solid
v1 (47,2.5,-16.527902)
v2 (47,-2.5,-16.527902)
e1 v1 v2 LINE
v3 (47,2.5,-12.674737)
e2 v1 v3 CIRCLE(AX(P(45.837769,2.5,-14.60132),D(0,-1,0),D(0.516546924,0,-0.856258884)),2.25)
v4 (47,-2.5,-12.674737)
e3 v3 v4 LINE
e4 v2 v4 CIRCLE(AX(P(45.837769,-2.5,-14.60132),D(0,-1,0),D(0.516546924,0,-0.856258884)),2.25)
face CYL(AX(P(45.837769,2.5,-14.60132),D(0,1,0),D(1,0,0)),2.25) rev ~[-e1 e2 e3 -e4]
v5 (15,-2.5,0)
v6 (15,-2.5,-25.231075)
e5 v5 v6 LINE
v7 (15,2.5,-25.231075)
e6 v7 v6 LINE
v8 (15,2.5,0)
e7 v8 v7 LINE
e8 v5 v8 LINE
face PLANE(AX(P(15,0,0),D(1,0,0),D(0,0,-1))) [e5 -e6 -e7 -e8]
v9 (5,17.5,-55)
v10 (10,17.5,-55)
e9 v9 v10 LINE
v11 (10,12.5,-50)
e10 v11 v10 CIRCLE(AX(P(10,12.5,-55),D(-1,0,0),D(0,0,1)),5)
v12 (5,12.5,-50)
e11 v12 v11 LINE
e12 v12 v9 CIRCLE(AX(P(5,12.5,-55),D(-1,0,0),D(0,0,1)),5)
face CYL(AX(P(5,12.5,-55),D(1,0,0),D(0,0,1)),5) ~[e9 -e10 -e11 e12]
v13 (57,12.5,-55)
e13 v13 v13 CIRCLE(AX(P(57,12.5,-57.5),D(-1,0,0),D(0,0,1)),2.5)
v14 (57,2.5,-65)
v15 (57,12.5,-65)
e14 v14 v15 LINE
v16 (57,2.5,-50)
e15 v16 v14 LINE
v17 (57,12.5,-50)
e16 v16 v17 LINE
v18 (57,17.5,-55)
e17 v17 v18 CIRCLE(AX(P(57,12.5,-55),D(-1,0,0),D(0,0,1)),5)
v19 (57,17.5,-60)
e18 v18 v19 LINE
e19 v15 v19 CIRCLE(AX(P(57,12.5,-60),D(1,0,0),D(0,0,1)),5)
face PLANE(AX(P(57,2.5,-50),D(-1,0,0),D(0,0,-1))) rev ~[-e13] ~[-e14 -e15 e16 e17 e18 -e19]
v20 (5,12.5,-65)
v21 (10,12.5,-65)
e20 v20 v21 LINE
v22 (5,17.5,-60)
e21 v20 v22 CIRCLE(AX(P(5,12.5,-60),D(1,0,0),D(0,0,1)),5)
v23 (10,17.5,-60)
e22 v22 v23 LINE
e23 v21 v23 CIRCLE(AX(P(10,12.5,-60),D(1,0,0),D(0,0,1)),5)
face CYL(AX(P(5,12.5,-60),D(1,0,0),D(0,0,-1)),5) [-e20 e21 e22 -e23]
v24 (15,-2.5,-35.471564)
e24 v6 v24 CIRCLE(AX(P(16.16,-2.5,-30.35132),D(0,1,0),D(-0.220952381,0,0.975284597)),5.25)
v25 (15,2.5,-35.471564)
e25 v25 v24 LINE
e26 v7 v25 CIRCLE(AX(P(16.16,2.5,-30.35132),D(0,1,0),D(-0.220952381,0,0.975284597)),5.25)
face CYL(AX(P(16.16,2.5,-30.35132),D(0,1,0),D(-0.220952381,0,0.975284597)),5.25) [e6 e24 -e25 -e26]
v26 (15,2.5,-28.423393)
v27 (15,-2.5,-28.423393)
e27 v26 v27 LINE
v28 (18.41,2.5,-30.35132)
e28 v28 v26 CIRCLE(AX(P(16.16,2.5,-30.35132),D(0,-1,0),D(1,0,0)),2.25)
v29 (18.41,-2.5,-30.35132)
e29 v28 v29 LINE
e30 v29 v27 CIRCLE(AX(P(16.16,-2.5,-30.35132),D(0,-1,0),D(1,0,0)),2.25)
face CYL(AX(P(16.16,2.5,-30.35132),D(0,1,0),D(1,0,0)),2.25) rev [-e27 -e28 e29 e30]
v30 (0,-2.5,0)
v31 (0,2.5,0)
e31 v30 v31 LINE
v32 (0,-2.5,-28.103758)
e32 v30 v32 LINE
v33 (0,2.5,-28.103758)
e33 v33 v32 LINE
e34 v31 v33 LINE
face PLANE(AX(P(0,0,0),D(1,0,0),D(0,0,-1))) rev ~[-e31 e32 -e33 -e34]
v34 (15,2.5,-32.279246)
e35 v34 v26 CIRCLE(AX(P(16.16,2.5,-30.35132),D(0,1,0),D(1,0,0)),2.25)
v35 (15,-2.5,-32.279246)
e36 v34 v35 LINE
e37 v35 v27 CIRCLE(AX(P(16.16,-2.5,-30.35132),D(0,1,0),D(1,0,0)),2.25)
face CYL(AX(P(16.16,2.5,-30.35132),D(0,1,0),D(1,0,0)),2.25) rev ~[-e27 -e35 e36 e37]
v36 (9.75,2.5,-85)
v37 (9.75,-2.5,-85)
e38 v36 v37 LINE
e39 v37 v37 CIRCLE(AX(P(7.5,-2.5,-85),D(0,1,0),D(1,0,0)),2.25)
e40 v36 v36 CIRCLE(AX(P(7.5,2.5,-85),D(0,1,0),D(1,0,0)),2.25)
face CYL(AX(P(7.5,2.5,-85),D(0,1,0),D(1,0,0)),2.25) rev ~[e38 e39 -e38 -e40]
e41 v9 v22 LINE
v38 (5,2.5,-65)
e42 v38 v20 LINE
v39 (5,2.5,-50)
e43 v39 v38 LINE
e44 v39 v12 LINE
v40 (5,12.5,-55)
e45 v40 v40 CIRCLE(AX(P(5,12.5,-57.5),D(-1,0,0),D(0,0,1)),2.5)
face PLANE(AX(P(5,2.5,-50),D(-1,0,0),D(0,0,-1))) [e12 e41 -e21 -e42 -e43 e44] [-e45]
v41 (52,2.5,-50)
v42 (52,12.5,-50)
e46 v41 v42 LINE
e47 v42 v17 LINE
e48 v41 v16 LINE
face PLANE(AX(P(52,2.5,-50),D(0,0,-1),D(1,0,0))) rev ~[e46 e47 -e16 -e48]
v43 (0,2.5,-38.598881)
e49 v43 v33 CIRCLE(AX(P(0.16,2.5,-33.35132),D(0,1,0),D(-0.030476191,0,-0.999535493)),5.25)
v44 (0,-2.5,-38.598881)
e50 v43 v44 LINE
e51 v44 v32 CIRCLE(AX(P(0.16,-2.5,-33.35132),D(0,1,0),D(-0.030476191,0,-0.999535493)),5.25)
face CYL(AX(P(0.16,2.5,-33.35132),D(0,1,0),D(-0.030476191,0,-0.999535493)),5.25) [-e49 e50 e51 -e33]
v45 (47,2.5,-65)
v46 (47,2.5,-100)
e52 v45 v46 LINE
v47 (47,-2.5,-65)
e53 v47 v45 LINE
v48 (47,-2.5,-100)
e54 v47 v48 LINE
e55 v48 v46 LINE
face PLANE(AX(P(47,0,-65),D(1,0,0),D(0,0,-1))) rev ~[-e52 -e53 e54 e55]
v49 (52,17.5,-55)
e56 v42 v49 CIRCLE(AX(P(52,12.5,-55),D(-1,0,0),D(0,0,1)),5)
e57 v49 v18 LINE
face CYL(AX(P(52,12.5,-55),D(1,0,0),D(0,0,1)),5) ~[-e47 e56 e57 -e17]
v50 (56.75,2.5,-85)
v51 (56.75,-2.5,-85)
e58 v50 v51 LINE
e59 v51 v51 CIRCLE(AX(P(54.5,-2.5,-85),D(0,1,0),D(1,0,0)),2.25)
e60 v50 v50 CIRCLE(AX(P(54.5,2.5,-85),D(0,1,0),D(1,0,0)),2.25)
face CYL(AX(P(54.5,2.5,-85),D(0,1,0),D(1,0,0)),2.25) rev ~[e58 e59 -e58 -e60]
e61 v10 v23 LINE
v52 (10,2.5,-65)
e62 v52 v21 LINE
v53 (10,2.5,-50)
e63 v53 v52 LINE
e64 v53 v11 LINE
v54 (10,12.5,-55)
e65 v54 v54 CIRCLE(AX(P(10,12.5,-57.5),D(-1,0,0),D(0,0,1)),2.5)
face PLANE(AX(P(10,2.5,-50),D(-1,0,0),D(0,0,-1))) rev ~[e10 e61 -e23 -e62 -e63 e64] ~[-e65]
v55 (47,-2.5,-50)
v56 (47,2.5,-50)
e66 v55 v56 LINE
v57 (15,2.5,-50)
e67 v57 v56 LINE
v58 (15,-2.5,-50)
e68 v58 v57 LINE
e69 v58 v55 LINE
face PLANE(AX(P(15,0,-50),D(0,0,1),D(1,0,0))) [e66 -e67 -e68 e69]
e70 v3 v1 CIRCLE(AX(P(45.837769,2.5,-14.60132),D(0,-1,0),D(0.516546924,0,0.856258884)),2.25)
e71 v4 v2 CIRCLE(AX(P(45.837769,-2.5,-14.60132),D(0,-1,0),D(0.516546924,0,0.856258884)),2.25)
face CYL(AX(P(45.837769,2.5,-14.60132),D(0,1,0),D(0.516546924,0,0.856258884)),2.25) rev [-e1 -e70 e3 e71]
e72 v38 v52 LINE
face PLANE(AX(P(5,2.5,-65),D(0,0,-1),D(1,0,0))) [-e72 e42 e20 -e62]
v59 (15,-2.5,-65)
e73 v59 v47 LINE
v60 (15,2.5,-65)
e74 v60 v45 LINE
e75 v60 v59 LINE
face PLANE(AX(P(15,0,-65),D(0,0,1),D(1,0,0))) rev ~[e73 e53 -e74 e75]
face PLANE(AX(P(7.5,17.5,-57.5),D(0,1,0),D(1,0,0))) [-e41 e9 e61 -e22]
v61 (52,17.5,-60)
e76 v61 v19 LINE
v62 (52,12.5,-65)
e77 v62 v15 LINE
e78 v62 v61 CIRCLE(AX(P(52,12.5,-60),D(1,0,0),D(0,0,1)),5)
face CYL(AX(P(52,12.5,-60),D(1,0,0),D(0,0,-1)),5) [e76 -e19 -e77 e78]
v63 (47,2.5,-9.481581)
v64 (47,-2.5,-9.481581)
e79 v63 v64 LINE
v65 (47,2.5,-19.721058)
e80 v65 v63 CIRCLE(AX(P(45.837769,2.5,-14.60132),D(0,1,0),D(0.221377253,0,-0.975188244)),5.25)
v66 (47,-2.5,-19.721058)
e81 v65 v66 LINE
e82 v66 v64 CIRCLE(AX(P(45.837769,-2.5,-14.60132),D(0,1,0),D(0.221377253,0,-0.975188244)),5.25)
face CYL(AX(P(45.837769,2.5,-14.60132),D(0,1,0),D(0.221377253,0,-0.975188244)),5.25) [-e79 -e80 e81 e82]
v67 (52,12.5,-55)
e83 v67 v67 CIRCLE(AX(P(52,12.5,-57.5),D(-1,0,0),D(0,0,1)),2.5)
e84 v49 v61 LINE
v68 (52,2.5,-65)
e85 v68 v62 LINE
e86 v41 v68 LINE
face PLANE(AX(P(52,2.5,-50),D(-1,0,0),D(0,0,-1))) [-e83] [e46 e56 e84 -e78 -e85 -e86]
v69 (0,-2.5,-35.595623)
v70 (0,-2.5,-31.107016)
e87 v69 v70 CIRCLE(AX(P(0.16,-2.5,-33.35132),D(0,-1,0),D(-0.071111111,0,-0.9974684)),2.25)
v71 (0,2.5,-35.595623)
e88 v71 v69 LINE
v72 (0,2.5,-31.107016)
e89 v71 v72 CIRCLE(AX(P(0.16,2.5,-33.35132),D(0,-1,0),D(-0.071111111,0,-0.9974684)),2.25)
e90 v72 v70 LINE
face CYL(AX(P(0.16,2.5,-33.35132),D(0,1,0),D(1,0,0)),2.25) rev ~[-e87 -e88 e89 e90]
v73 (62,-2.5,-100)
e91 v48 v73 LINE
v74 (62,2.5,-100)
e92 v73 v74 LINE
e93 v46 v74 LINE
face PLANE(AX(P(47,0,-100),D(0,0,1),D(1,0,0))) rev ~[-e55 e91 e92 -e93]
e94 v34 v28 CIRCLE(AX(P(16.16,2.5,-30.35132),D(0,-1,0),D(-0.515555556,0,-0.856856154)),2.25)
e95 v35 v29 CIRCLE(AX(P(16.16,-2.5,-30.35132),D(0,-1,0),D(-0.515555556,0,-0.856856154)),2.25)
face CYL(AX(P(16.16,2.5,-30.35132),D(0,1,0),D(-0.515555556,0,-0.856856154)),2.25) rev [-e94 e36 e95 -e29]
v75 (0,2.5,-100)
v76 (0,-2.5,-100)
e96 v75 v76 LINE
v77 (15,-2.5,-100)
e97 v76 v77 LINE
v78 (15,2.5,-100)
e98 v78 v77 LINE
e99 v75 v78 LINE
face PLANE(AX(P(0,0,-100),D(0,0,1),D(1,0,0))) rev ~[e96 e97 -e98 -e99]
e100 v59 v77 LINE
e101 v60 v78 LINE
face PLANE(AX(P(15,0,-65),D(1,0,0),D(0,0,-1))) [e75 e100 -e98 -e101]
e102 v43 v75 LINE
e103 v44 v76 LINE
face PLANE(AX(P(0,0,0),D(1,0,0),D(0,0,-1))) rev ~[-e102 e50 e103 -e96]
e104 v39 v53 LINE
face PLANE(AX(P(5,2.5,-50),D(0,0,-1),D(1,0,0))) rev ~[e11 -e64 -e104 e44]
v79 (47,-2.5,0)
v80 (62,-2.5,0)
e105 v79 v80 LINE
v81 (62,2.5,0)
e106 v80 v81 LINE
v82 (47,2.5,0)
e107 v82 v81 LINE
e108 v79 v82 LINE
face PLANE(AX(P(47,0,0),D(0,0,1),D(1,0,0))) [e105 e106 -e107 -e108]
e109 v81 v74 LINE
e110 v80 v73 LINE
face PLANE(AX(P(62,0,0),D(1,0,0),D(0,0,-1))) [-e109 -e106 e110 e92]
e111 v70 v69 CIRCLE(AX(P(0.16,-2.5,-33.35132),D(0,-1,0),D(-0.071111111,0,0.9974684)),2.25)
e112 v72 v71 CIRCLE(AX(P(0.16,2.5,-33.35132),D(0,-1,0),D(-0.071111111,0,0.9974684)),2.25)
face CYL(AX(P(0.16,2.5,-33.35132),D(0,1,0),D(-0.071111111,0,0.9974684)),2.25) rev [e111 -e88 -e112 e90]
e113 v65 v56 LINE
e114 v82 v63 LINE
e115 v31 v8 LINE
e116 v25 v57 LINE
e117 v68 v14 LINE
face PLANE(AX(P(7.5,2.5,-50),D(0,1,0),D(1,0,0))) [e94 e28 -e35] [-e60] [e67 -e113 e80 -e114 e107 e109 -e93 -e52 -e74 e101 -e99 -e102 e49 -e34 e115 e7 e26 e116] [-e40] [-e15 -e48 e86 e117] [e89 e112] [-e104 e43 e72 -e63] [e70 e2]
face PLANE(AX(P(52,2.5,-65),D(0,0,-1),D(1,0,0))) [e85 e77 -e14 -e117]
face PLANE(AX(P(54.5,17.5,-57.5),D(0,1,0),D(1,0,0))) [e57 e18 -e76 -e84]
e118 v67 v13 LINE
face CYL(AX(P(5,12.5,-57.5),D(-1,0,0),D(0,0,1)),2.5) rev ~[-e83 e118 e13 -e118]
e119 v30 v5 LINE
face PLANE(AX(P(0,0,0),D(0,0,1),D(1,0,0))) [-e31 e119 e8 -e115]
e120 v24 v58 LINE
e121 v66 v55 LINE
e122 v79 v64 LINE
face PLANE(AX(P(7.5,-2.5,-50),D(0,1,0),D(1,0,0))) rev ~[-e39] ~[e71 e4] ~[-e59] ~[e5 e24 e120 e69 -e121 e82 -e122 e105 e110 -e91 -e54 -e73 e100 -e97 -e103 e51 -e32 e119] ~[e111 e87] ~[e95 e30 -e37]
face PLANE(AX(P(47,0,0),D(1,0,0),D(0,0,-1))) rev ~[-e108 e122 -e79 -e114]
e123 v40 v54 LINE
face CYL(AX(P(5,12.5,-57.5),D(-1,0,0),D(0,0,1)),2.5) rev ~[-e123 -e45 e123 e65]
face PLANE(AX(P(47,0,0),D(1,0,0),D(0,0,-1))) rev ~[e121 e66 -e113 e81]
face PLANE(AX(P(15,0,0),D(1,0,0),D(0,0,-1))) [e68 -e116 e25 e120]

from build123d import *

# Parameters (mm, degrees)
SKETCH1_W           = 15
SKETCH1_H           = 100
SKETCH1_W_2         = 32
SKETCH1_H_2         = 15
BOSS_EXTRUDE1_DEPTH = 2.5
SKETCH2_W           = 5
SKETCH2_H           = 15
BOSS_EXTRUDE2_DEPTH = 15
SKETCH3_R           = 2.5
CUT_EXTRUDE1_DEPTH  = 52
FILLET2_R           = 5
BOSS_EXTRUDE3_DEPTH = 5
SKETCH5_R           = 2.25
CUT_EXTRUDE3_DEPTH  = 5
SKETCH6_R           = 2.25
CUT_EXTRUDE4_DEPTH  = 5


with BuildPart() as part:
    # Sketch1 → Boss-Extrude1 (new body, symmetric)
    with BuildSketch(Plane(origin=(0, 0, 0), x_dir=(1, 0, 0), z_dir=(0, 1, 0))):
        with Locations((7.5, 50)):
            Rectangle(SKETCH1_W, SKETCH1_H)
        with Locations((31, 57.5)):
            Rectangle(SKETCH1_W_2, SKETCH1_H_2)
        with Locations((54.5, 50)):
            Rectangle(SKETCH1_W, SKETCH1_H)
    extrude(amount=BOSS_EXTRUDE1_DEPTH, both=True)

    # Sketch2 → Boss-Extrude2 (add)
    with BuildSketch(Plane(origin=(0, 2.5, 0), x_dir=(1, 0, 0), z_dir=(0, 1, 0))):
        with Locations((54.5, 57.5)):
            Rectangle(SKETCH2_W, SKETCH2_H)
        with Locations((7.5, 57.5)):
            Rectangle(SKETCH2_W, SKETCH2_H)
    extrude(amount=BOSS_EXTRUDE2_DEPTH)

    # Sketch3 → Cut-Extrude1 (cut)
    with BuildSketch(Plane.ZY.offset(-5)):
        with Locations((-57.5, 12.5)):
            Circle(SKETCH3_R)
    extrude(amount=-CUT_EXTRUDE1_DEPTH, mode=Mode.SUBTRACT)

    # Fillet2
    fillet2_edges = [part.edges().sort_by_distance(p)[0] for p in [
        (54.5, 17.5, -65),
        (54.5, 17.5, -50),
        (7.5, 17.5, -65),
        (7.5, 17.5, -50),
    ]]
    fillet(fillet2_edges, radius=FILLET2_R)

    # Sketch4 → Boss-Extrude3 (add)
    with BuildSketch(Plane(origin=(0, 2.5, 0), x_dir=(1, 0, 0), z_dir=(0, 1, 0))):
        with BuildLine():
            ThreePointArc((47, 12.674737063), (43.587769422, 14.601319551), (47, 16.527902039))
            Line((47, 16.527902039), (47, 19.721057834))
            ThreePointArc((47, 19.721057834), (40.587769422, 14.601319551), (47, 9.481581269))
            Line((47, 9.481581269), (47, 12.674737063))
        make_face()
        with BuildLine():
            ThreePointArc((15, 25.231075416), (21.41, 30.351319551), (15, 35.471563686))
            Line((15, 35.471563686), (15, 32.279245898))
            ThreePointArc((15, 32.279245898), (17.26736173, 32.30995428), (18.41, 30.351319551))
            ThreePointArc((18.41, 30.351319551), (17.26736173, 28.392684823), (15, 28.423393204))
            Line((15, 28.423393204), (15, 25.231075416))
        make_face()
        with BuildLine():
            Line((0, 35.595623452), (0, 38.59888089))
            ThreePointArc((0, 38.59888089), (-5.09, 33.351319551), (0, 28.103758213))
            Line((0, 28.103758213), (0, 31.10701565))
            ThreePointArc((0, 31.10701565), (-2.09, 33.351319551), (0, 35.595623452))
        make_face()
    extrude(amount=-BOSS_EXTRUDE3_DEPTH)

    # Sketch5 → Cut-Extrude3 (cut)
    with BuildSketch(Plane(origin=(0, 2.5, 0), x_dir=(1, 0, 0), z_dir=(0, 1, 0))):
        with Locations((0.16, 33.351319551)):
            Circle(SKETCH5_R)
        with Locations((16.16, 30.351319551)):
            Circle(SKETCH5_R)
        with Locations((45.837769422, 14.601319551)):
            Circle(SKETCH5_R)
    extrude(amount=-CUT_EXTRUDE3_DEPTH, mode=Mode.SUBTRACT)

    # Sketch6 → Cut-Extrude4 (cut)
    with BuildSketch(Plane(origin=(0, 2.5, 0), x_dir=(1, 0, 0), z_dir=(0, 1, 0))):
        with Locations((7.5, 85)):
            Circle(SKETCH6_R)
        with Locations((54.5, 85)):
            Circle(SKETCH6_R)
    extrude(amount=-CUT_EXTRUDE4_DEPTH, mode=Mode.SUBTRACT)


solid = part.part
